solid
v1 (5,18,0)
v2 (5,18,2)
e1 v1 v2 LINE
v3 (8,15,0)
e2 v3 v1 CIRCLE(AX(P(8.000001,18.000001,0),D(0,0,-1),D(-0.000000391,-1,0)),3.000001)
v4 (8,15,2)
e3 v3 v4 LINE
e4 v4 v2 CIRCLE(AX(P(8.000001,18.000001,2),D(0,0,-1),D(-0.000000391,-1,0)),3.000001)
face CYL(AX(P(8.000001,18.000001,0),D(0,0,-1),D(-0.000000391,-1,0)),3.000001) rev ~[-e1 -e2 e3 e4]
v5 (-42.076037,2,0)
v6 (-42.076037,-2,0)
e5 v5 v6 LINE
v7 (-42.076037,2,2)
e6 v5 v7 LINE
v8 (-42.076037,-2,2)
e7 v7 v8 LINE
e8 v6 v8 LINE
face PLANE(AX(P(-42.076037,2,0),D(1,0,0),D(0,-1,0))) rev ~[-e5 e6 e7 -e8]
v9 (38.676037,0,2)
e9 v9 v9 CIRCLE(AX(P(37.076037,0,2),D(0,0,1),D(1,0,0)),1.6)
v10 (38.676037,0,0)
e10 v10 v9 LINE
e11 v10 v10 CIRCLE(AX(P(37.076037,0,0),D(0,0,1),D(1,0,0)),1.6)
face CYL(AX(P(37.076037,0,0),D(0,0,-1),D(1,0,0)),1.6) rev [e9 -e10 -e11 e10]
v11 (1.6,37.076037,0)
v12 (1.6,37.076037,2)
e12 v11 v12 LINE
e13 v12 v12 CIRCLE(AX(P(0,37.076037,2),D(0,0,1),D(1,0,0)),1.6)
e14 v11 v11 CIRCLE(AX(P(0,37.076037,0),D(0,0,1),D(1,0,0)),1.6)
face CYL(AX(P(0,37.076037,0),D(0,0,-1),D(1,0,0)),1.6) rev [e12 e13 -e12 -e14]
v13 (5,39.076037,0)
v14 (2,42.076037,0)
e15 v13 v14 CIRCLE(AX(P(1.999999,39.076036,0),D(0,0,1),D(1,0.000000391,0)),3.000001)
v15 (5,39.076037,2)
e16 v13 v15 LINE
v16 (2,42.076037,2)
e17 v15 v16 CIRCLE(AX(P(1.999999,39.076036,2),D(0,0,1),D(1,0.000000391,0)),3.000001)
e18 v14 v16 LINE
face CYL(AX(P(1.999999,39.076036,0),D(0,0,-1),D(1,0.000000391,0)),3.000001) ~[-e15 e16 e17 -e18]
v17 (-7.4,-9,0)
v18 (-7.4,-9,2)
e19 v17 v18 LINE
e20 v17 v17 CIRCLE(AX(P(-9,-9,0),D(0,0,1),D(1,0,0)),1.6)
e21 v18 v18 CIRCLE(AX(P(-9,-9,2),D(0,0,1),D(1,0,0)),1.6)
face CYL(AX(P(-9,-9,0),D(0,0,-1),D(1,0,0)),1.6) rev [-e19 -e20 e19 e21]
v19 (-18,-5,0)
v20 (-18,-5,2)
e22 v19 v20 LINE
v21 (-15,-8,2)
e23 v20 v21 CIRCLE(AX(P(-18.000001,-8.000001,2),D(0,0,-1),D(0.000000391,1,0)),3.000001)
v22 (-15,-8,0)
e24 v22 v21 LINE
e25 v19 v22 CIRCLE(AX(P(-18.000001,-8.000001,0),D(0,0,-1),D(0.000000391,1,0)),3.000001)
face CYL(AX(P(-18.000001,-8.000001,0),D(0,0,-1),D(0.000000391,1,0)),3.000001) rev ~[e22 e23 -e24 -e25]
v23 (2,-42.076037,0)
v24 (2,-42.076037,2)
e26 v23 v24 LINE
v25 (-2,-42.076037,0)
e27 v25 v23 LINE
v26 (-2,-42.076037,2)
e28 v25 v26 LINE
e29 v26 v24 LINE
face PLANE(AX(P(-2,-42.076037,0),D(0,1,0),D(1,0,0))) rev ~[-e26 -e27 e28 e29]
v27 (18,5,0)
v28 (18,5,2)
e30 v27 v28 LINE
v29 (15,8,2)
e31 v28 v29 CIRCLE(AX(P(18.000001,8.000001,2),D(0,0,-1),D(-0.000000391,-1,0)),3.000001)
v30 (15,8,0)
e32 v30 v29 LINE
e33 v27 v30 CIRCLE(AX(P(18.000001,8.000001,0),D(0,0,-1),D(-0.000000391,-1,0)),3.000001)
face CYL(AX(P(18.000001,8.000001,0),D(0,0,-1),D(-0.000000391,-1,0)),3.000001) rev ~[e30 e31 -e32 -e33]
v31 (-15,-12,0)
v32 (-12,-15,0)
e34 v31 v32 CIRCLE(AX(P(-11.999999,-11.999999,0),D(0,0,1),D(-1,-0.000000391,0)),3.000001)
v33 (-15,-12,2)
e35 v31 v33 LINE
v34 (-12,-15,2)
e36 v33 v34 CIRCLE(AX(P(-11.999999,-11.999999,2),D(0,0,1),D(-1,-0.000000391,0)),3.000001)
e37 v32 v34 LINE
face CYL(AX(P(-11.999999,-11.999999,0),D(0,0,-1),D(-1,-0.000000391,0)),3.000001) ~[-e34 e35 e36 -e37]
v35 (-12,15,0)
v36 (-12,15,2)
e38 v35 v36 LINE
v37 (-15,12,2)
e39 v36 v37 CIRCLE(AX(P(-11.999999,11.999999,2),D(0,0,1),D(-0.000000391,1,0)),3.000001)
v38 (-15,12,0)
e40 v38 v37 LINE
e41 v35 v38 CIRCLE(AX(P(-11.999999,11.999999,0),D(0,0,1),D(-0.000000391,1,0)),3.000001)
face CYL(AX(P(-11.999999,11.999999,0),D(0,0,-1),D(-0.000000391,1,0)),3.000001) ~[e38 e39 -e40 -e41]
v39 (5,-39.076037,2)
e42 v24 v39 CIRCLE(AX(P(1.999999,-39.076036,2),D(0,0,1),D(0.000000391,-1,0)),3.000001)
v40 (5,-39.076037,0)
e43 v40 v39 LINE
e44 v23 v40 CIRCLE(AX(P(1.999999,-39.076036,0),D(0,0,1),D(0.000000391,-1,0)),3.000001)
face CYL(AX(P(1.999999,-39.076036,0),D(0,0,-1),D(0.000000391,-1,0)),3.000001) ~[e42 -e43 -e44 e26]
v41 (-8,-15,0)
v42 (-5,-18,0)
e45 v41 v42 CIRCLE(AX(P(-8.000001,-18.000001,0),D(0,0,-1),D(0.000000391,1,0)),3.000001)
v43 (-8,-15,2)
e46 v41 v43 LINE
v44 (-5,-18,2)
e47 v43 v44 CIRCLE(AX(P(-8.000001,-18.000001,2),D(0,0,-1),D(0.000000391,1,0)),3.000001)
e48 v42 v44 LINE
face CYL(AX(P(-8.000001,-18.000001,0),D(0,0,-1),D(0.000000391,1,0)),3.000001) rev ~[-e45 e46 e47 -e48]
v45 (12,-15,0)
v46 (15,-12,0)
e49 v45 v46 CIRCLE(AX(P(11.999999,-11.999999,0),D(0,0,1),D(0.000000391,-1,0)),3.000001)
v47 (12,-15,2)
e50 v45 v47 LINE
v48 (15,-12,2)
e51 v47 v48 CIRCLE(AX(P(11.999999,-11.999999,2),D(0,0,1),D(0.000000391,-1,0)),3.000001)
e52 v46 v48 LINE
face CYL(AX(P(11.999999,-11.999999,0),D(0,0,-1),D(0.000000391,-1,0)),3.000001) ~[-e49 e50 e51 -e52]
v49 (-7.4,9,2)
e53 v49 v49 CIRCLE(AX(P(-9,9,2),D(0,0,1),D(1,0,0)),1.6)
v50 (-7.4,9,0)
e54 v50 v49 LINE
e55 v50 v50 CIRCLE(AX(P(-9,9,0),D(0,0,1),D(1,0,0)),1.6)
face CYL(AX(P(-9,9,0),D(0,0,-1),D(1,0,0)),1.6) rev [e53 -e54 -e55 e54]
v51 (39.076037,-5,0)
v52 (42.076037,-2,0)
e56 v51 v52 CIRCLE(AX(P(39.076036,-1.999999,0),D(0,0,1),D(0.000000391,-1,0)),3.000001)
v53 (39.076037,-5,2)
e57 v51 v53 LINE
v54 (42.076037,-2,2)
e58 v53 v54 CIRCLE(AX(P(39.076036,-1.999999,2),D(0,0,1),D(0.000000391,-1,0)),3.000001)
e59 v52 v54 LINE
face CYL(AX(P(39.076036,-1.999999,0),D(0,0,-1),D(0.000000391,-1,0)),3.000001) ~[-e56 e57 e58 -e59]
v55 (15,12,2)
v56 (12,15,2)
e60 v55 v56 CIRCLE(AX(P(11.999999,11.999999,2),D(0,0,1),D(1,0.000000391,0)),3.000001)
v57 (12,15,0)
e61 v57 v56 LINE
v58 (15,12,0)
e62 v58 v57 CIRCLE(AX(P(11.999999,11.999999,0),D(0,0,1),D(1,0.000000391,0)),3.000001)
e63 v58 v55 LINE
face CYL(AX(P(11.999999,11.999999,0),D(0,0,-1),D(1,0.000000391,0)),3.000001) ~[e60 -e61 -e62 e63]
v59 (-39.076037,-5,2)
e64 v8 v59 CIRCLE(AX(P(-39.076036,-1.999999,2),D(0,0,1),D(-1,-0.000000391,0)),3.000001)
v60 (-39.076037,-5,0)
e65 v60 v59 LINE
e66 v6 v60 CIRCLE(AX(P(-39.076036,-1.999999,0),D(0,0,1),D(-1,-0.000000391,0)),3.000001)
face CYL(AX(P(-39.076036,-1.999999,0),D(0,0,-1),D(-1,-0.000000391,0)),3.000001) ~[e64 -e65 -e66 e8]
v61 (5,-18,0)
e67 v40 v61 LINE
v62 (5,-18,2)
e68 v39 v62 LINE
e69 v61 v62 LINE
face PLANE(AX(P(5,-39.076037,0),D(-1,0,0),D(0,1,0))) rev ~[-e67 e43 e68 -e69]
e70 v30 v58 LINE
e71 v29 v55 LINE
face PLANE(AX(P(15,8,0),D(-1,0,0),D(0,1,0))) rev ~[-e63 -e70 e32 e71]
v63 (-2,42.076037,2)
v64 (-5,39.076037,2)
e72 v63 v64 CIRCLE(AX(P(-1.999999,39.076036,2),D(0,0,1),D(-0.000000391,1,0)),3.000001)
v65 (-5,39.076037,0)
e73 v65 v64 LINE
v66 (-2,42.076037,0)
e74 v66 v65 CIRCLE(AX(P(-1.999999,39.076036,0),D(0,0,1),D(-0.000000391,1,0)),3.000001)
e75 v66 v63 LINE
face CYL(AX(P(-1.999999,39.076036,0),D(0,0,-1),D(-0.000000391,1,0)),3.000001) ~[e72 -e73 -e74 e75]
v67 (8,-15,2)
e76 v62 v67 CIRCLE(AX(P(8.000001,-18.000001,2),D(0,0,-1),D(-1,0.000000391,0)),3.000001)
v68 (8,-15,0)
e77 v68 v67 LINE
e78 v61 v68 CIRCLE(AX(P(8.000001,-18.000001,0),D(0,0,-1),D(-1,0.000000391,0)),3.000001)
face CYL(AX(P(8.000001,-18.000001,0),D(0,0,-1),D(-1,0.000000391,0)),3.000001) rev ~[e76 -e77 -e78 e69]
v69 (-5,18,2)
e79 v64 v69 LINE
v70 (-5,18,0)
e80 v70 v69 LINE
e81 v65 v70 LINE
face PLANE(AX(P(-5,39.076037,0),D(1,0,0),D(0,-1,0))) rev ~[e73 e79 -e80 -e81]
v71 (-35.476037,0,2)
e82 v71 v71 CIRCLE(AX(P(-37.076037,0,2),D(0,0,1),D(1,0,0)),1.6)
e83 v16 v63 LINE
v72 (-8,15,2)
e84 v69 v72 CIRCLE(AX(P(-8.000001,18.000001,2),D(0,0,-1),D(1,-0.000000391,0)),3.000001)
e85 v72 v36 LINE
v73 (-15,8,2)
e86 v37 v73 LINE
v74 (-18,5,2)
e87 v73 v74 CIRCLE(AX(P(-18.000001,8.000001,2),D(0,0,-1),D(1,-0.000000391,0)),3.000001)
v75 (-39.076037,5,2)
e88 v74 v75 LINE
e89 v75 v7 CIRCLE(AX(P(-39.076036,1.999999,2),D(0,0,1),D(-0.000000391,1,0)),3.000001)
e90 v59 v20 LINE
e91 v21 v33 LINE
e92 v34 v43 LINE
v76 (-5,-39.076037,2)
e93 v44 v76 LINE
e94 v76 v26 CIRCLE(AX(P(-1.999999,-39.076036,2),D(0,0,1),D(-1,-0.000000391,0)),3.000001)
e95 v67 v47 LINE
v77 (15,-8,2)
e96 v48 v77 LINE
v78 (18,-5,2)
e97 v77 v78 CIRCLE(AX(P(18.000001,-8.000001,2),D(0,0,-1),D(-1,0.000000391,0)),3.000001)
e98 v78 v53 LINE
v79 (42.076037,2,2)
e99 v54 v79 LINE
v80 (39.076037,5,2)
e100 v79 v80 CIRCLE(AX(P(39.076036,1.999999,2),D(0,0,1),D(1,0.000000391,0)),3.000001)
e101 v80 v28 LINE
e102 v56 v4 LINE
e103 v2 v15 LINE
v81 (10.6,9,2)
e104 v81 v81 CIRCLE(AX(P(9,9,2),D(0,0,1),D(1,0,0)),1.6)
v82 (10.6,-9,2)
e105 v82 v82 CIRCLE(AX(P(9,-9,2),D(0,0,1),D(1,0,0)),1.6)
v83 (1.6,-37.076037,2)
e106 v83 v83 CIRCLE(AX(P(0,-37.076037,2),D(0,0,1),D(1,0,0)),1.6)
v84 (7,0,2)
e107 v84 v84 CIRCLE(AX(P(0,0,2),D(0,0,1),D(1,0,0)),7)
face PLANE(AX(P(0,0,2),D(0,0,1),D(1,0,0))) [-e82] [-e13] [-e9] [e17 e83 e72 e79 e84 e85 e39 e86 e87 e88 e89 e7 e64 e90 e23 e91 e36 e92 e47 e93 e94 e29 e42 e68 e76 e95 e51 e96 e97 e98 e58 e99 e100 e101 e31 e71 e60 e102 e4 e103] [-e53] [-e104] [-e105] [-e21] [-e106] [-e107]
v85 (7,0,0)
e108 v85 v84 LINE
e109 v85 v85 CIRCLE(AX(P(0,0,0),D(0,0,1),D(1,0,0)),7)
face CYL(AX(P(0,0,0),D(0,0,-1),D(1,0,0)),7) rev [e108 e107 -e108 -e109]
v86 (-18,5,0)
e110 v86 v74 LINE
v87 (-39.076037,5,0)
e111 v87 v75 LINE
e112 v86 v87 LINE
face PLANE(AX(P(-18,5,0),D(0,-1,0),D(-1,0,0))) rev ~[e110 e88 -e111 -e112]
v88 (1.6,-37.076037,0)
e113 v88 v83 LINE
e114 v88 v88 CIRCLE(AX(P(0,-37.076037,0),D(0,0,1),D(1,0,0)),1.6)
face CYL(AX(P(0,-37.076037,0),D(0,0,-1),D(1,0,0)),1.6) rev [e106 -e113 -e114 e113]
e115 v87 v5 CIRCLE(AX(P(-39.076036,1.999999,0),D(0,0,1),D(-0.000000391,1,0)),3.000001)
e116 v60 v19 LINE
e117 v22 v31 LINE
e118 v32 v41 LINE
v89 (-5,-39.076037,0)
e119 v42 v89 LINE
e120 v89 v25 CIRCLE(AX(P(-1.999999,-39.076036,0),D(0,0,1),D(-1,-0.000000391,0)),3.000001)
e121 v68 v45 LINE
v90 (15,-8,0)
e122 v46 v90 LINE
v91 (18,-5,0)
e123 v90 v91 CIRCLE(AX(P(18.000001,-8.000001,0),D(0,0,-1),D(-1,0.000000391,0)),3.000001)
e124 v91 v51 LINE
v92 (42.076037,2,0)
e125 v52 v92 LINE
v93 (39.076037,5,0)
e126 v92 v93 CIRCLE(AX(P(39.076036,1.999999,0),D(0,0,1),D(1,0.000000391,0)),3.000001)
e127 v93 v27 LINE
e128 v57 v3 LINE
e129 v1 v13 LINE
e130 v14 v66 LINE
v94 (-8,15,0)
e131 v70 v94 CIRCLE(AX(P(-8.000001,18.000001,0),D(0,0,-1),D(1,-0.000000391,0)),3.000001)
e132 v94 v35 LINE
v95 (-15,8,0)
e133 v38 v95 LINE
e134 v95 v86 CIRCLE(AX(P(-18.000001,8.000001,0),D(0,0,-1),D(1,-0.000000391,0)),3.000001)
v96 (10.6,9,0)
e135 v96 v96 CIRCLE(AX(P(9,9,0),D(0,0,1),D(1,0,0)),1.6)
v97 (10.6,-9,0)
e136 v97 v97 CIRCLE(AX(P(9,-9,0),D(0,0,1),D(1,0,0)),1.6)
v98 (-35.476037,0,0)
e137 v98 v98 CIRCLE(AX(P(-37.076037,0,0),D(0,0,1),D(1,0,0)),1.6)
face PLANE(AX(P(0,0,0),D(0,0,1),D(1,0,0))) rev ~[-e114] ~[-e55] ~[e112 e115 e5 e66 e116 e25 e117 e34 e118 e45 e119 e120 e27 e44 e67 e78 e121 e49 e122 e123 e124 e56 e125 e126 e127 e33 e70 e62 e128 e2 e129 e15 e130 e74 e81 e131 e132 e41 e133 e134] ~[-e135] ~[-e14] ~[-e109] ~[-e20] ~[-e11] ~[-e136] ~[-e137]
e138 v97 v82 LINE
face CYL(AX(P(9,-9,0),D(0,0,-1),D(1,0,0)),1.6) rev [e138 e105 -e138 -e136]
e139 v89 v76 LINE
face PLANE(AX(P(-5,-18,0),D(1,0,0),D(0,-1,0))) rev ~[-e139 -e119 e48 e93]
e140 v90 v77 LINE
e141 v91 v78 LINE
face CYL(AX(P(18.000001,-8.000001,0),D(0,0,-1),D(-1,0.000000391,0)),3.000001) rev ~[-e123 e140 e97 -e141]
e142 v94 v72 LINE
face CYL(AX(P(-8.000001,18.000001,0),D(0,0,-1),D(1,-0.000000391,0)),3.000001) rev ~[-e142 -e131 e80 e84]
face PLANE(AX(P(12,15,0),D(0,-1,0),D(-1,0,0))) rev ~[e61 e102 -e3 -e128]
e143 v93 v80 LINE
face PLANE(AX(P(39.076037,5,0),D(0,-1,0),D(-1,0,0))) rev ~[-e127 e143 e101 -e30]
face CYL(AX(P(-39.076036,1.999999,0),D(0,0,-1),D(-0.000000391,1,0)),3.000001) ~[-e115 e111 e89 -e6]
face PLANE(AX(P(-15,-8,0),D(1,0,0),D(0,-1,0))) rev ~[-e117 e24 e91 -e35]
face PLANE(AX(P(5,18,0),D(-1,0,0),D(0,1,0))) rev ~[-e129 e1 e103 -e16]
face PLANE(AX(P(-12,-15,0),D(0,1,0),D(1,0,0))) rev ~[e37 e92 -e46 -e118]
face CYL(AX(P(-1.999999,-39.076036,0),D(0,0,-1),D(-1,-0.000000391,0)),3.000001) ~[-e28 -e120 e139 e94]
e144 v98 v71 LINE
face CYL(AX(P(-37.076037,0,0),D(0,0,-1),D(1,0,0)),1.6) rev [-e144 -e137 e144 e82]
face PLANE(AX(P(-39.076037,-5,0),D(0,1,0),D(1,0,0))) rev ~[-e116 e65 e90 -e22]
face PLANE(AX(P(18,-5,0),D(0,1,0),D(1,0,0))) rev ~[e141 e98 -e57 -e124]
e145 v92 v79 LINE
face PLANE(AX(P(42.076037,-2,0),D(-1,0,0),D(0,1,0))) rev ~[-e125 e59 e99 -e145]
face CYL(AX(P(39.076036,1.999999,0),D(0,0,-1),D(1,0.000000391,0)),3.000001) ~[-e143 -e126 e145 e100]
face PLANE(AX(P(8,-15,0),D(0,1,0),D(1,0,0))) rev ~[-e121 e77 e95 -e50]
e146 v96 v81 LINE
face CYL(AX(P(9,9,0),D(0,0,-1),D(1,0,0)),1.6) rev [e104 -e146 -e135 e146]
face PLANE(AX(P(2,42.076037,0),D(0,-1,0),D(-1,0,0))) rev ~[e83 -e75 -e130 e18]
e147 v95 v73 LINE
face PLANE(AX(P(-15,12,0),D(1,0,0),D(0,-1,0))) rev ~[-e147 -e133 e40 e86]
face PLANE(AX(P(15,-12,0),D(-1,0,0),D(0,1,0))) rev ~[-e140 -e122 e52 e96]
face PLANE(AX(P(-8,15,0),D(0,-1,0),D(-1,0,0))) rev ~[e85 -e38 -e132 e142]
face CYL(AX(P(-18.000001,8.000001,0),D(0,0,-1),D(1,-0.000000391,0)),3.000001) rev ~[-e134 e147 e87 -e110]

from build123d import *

# Parameters (mm, degrees)
F0_R     = 1.6
F0_R_2   = 7
F1_DEPTH = 2


with BuildPart() as f1:
    # F0 (on Top) → F1 (new body)
    with BuildSketch(Plane.XY):
        with BuildLine():
            ThreePointArc((-15, -12), (-14.12132, -14.12132), (-12, -15))
            Line((-12, -15), (-8, -15))
            ThreePointArc((-8, -15), (-5.87868, -15.87868), (-5, -18))
            Line((-5, -18), (-5, -39.076037))
            ThreePointArc((-5, -39.076037), (-4.12132, -41.197357), (-2, -42.076037))
            Line((-2, -42.076037), (2, -42.076037))
            ThreePointArc((2, -42.076037), (4.12132, -41.197357), (5, -39.076037))
            Line((5, -39.076037), (5, -18))
            ThreePointArc((5, -18), (5.87868, -15.87868), (8, -15))
            Line((8, -15), (12, -15))
            ThreePointArc((12, -15), (14.12132, -14.12132), (15, -12))
            Line((15, -12), (15, -8))
            ThreePointArc((15, -8), (15.87868, -5.87868), (18, -5))
            Line((18, -5), (39.076037, -5))
            ThreePointArc((39.076037, -5), (41.197357, -4.12132), (42.076037, -2))
            Line((42.076037, -2), (42.076037, 2))
            ThreePointArc((42.076037, 2), (41.197357, 4.12132), (39.076037, 5))
            Line((39.076037, 5), (18, 5))
            ThreePointArc((18, 5), (15.87868, 5.87868), (15, 8))
            Line((15, 8), (15, 12))
            ThreePointArc((15, 12), (14.12132, 14.12132), (12, 15))
            Line((12, 15), (8, 15))
            ThreePointArc((8, 15), (5.87868, 15.87868), (5, 18))
            Line((5, 18), (5, 39.076037))
            ThreePointArc((5, 39.076037), (4.12132, 41.197357), (2, 42.076037))
            Line((2, 42.076037), (-2, 42.076037))
            ThreePointArc((-2, 42.076037), (-4.12132, 41.197357), (-5, 39.076037))
            Line((-5, 39.076037), (-5, 18))
            ThreePointArc((-5, 18), (-5.87868, 15.87868), (-8, 15))
            Line((-8, 15), (-12, 15))
            ThreePointArc((-12, 15), (-14.12132, 14.12132), (-15, 12))
            Line((-15, 12), (-15, 8))
            ThreePointArc((-15, 8), (-15.87868, 5.87868), (-18, 5))
            Line((-18, 5), (-39.076037, 5))
            ThreePointArc((-39.076037, 5), (-41.197357, 4.12132), (-42.076037, 2))
            Line((-42.076037, 2), (-42.076037, -2))
            ThreePointArc((-42.076037, -2), (-41.197357, -4.12132), (-39.076037, -5))
            Line((-39.076037, -5), (-18, -5))
            ThreePointArc((-18, -5), (-15.87868, -5.87868), (-15, -8))
            Line((-15, -8), (-15, -12))
        make_face()
        with Locations((0, -37.076037)):
            Circle(F0_R, mode=Mode.SUBTRACT)
        with Locations((-37.076037, 0)):
            Circle(F0_R, mode=Mode.SUBTRACT)
        with Locations((-9, -9)):
            Circle(F0_R, mode=Mode.SUBTRACT)
        Circle(F0_R_2, mode=Mode.SUBTRACT)
        with Locations((9, -9)):
            Circle(F0_R, mode=Mode.SUBTRACT)
        with Locations((37.076037, 0)):
            Circle(F0_R, mode=Mode.SUBTRACT)
        with Locations((-9, 9)):
            Circle(F0_R, mode=Mode.SUBTRACT)
        with Locations((0, 37.076037)):
            Circle(F0_R, mode=Mode.SUBTRACT)
        with Locations((9, 9)):
            Circle(F0_R, mode=Mode.SUBTRACT)
    extrude(amount=F1_DEPTH)


solid = f1.part
